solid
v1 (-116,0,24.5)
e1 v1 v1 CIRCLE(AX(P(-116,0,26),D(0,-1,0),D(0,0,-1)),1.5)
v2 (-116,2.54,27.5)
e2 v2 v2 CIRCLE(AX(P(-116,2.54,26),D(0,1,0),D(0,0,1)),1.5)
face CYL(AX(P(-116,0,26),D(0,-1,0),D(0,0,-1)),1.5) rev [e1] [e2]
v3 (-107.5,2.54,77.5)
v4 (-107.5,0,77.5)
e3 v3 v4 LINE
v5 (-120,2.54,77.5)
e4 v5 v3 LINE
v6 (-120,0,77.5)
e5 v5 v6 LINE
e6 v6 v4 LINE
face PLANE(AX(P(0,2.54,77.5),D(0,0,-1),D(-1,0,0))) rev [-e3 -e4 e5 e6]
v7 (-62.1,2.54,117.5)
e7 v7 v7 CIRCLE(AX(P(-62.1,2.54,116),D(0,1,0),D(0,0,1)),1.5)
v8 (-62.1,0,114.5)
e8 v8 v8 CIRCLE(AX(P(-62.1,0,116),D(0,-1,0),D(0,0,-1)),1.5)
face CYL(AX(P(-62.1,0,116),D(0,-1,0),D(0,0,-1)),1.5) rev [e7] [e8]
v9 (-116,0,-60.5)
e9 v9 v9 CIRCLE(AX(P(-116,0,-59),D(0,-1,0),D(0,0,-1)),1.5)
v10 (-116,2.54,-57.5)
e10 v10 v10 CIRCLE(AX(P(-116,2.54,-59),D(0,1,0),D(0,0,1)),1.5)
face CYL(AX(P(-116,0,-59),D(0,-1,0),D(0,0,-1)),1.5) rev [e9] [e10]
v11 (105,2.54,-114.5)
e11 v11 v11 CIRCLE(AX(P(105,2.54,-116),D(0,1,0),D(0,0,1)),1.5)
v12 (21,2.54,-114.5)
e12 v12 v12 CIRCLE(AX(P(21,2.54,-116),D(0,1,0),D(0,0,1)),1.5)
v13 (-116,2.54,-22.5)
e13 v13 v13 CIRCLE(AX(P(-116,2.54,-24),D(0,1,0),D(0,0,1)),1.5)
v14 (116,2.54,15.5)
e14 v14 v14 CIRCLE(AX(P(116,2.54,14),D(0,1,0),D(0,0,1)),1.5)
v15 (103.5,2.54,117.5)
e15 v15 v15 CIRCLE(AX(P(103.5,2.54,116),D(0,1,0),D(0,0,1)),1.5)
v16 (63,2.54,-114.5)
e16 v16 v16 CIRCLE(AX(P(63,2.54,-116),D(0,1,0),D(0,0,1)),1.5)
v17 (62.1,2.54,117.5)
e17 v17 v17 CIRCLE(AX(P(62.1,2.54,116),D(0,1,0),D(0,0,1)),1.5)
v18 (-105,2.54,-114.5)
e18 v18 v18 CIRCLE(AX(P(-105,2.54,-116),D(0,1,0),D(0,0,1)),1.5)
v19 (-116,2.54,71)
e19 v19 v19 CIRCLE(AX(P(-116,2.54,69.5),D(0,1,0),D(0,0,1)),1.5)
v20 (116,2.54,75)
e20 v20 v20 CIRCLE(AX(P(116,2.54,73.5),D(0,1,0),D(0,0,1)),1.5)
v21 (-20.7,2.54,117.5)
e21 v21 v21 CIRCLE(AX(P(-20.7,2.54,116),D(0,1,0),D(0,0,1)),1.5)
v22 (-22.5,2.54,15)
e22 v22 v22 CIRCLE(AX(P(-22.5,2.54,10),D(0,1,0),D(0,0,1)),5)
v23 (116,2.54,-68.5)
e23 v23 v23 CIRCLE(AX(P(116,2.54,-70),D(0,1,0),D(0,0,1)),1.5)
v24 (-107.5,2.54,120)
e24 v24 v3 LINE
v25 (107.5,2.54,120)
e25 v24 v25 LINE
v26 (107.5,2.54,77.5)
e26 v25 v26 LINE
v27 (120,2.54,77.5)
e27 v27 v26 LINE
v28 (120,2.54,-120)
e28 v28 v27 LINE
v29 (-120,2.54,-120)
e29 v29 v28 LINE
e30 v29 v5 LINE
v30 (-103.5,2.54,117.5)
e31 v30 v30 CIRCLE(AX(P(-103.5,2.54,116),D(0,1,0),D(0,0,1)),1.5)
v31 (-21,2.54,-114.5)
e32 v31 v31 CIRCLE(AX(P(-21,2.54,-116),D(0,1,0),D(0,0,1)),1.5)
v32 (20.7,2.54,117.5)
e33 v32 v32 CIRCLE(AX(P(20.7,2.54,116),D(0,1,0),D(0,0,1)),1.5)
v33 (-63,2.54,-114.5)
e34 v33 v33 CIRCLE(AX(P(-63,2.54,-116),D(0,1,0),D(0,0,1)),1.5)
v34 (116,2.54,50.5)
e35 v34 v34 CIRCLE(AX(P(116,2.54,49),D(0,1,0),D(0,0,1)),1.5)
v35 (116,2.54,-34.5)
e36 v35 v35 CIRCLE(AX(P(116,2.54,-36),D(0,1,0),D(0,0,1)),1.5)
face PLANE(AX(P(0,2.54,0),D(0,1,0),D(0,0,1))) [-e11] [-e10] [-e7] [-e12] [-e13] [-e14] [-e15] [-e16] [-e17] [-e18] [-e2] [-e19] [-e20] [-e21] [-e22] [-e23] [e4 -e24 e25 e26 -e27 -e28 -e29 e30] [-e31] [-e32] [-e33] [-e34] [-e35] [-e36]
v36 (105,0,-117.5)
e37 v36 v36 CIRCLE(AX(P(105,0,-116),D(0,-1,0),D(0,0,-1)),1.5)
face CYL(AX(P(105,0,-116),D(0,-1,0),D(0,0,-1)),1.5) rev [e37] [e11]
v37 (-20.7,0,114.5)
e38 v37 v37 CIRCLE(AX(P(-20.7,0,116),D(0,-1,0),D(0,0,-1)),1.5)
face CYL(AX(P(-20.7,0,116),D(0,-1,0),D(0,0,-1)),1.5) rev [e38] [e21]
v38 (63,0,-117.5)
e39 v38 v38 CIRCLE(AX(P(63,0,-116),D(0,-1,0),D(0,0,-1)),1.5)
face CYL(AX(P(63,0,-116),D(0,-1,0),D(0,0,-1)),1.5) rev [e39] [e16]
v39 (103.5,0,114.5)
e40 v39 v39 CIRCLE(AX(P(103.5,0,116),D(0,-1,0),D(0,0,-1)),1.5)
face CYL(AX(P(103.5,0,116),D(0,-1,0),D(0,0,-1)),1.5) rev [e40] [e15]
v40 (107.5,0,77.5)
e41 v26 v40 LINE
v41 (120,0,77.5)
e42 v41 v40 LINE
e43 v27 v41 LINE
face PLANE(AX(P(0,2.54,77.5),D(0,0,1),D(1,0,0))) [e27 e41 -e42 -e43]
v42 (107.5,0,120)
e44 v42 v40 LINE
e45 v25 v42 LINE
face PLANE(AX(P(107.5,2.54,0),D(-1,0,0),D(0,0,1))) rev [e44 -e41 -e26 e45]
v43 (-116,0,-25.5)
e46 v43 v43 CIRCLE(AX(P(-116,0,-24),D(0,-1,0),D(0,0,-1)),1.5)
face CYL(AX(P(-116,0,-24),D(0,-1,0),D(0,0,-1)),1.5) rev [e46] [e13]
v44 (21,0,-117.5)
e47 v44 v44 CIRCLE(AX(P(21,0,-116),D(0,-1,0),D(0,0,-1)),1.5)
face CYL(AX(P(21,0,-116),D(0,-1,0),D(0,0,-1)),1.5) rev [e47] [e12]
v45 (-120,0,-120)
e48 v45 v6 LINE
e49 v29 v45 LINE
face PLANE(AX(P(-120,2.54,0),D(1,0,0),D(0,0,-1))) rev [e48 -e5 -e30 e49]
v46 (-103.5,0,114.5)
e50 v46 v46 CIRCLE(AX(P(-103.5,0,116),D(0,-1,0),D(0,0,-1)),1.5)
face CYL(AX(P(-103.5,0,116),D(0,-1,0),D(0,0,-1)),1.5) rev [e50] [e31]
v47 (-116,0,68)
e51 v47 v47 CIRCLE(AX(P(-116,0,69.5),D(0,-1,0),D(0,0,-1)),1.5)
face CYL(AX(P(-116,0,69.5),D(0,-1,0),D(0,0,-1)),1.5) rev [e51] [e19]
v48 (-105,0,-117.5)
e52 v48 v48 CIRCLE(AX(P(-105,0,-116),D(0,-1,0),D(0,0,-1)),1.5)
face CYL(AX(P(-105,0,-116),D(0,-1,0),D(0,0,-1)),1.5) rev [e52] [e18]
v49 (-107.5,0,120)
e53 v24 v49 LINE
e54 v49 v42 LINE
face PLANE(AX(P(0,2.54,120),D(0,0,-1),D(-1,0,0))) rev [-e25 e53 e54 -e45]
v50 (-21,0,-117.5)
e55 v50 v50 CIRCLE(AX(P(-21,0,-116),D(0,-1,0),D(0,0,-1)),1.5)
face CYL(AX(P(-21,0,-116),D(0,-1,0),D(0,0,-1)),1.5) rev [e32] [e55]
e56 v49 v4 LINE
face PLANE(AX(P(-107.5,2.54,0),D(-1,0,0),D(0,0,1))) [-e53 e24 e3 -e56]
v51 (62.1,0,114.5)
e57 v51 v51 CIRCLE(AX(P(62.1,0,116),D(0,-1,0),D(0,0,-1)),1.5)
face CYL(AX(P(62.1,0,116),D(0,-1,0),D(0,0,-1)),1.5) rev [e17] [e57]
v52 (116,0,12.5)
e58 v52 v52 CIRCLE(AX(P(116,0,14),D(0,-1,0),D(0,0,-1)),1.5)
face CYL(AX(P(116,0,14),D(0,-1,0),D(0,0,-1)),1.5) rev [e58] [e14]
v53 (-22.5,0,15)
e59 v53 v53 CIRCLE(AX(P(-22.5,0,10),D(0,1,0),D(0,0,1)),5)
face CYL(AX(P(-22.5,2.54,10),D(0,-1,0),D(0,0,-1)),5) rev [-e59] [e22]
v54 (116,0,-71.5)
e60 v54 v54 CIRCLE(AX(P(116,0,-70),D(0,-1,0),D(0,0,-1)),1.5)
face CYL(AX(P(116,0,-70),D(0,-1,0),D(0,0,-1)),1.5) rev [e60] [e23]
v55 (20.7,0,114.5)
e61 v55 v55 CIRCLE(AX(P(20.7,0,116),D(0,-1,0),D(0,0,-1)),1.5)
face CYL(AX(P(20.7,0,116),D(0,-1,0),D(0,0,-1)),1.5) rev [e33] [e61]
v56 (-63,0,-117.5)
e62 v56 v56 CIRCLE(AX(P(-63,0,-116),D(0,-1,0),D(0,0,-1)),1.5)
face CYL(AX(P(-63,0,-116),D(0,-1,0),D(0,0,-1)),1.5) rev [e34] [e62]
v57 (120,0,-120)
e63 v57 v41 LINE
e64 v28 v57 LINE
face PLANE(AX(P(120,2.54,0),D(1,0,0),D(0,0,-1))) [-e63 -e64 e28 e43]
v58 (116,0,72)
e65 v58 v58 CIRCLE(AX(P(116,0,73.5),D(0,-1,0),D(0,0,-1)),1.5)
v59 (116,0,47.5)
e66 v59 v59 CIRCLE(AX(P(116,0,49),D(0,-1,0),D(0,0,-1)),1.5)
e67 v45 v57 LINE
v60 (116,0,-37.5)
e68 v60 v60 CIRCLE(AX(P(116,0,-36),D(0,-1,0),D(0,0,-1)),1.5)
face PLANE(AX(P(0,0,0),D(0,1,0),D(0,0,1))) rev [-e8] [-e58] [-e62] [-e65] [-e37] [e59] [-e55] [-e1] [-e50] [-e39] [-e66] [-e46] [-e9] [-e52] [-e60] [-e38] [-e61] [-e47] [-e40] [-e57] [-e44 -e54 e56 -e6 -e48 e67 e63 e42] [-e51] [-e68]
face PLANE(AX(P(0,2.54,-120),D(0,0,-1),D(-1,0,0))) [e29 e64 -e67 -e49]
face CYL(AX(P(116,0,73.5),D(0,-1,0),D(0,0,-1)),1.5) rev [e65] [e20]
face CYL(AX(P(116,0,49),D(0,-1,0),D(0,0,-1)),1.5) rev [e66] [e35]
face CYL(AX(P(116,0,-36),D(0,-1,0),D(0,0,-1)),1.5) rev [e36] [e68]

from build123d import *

# Parameters (mm, degrees)
SKETCH1_R                = 5
BOSS_EXTRUDE1_DEPTH      = 2.54
F_3_0_3_DIAMETER_HOLE1_D = 3


with BuildPart() as part:
    # Sketch1 → Boss-Extrude1 (new body)
    with BuildSketch(Plane(origin=(0, 0, 0), x_dir=(1, 0, 0), z_dir=(0, 1, 0))):
        Polygon((-107.5, -77.5), (-107.5, -120), (107.5, -120), (107.5, -77.5), (120, -77.5), (120, 120), (-120, 120), (-120, -77.5), align=None)
        with Locations(Location((-22.5, -10, 0), (0, 0, 270))):
            Circle(SKETCH1_R, mode=Mode.SUBTRACT)
    extrude(amount=BOSS_EXTRUDE1_DEPTH)

    # Ø3.0 (3) Diameter Hole1 (through all)
    with Locations(Plane.XZ):
        with Locations((-103.5, 116), (-62.1, 116), (-20.7, 116), (20.7, 116), (62.1, 116), (103.5, 116), (116, 73.5), (116, 49), (116, 14), (116, -36), (116, -70), (105, -116), (63, -116), (21, -116), (-21, -116), (-63, -116), (-105, -116), (-116, -59), (-116, -24), (-116, 26), (-116, 69.5)):
            Hole(F_3_0_3_DIAMETER_HOLE1_D / 2)


solid = part.part
